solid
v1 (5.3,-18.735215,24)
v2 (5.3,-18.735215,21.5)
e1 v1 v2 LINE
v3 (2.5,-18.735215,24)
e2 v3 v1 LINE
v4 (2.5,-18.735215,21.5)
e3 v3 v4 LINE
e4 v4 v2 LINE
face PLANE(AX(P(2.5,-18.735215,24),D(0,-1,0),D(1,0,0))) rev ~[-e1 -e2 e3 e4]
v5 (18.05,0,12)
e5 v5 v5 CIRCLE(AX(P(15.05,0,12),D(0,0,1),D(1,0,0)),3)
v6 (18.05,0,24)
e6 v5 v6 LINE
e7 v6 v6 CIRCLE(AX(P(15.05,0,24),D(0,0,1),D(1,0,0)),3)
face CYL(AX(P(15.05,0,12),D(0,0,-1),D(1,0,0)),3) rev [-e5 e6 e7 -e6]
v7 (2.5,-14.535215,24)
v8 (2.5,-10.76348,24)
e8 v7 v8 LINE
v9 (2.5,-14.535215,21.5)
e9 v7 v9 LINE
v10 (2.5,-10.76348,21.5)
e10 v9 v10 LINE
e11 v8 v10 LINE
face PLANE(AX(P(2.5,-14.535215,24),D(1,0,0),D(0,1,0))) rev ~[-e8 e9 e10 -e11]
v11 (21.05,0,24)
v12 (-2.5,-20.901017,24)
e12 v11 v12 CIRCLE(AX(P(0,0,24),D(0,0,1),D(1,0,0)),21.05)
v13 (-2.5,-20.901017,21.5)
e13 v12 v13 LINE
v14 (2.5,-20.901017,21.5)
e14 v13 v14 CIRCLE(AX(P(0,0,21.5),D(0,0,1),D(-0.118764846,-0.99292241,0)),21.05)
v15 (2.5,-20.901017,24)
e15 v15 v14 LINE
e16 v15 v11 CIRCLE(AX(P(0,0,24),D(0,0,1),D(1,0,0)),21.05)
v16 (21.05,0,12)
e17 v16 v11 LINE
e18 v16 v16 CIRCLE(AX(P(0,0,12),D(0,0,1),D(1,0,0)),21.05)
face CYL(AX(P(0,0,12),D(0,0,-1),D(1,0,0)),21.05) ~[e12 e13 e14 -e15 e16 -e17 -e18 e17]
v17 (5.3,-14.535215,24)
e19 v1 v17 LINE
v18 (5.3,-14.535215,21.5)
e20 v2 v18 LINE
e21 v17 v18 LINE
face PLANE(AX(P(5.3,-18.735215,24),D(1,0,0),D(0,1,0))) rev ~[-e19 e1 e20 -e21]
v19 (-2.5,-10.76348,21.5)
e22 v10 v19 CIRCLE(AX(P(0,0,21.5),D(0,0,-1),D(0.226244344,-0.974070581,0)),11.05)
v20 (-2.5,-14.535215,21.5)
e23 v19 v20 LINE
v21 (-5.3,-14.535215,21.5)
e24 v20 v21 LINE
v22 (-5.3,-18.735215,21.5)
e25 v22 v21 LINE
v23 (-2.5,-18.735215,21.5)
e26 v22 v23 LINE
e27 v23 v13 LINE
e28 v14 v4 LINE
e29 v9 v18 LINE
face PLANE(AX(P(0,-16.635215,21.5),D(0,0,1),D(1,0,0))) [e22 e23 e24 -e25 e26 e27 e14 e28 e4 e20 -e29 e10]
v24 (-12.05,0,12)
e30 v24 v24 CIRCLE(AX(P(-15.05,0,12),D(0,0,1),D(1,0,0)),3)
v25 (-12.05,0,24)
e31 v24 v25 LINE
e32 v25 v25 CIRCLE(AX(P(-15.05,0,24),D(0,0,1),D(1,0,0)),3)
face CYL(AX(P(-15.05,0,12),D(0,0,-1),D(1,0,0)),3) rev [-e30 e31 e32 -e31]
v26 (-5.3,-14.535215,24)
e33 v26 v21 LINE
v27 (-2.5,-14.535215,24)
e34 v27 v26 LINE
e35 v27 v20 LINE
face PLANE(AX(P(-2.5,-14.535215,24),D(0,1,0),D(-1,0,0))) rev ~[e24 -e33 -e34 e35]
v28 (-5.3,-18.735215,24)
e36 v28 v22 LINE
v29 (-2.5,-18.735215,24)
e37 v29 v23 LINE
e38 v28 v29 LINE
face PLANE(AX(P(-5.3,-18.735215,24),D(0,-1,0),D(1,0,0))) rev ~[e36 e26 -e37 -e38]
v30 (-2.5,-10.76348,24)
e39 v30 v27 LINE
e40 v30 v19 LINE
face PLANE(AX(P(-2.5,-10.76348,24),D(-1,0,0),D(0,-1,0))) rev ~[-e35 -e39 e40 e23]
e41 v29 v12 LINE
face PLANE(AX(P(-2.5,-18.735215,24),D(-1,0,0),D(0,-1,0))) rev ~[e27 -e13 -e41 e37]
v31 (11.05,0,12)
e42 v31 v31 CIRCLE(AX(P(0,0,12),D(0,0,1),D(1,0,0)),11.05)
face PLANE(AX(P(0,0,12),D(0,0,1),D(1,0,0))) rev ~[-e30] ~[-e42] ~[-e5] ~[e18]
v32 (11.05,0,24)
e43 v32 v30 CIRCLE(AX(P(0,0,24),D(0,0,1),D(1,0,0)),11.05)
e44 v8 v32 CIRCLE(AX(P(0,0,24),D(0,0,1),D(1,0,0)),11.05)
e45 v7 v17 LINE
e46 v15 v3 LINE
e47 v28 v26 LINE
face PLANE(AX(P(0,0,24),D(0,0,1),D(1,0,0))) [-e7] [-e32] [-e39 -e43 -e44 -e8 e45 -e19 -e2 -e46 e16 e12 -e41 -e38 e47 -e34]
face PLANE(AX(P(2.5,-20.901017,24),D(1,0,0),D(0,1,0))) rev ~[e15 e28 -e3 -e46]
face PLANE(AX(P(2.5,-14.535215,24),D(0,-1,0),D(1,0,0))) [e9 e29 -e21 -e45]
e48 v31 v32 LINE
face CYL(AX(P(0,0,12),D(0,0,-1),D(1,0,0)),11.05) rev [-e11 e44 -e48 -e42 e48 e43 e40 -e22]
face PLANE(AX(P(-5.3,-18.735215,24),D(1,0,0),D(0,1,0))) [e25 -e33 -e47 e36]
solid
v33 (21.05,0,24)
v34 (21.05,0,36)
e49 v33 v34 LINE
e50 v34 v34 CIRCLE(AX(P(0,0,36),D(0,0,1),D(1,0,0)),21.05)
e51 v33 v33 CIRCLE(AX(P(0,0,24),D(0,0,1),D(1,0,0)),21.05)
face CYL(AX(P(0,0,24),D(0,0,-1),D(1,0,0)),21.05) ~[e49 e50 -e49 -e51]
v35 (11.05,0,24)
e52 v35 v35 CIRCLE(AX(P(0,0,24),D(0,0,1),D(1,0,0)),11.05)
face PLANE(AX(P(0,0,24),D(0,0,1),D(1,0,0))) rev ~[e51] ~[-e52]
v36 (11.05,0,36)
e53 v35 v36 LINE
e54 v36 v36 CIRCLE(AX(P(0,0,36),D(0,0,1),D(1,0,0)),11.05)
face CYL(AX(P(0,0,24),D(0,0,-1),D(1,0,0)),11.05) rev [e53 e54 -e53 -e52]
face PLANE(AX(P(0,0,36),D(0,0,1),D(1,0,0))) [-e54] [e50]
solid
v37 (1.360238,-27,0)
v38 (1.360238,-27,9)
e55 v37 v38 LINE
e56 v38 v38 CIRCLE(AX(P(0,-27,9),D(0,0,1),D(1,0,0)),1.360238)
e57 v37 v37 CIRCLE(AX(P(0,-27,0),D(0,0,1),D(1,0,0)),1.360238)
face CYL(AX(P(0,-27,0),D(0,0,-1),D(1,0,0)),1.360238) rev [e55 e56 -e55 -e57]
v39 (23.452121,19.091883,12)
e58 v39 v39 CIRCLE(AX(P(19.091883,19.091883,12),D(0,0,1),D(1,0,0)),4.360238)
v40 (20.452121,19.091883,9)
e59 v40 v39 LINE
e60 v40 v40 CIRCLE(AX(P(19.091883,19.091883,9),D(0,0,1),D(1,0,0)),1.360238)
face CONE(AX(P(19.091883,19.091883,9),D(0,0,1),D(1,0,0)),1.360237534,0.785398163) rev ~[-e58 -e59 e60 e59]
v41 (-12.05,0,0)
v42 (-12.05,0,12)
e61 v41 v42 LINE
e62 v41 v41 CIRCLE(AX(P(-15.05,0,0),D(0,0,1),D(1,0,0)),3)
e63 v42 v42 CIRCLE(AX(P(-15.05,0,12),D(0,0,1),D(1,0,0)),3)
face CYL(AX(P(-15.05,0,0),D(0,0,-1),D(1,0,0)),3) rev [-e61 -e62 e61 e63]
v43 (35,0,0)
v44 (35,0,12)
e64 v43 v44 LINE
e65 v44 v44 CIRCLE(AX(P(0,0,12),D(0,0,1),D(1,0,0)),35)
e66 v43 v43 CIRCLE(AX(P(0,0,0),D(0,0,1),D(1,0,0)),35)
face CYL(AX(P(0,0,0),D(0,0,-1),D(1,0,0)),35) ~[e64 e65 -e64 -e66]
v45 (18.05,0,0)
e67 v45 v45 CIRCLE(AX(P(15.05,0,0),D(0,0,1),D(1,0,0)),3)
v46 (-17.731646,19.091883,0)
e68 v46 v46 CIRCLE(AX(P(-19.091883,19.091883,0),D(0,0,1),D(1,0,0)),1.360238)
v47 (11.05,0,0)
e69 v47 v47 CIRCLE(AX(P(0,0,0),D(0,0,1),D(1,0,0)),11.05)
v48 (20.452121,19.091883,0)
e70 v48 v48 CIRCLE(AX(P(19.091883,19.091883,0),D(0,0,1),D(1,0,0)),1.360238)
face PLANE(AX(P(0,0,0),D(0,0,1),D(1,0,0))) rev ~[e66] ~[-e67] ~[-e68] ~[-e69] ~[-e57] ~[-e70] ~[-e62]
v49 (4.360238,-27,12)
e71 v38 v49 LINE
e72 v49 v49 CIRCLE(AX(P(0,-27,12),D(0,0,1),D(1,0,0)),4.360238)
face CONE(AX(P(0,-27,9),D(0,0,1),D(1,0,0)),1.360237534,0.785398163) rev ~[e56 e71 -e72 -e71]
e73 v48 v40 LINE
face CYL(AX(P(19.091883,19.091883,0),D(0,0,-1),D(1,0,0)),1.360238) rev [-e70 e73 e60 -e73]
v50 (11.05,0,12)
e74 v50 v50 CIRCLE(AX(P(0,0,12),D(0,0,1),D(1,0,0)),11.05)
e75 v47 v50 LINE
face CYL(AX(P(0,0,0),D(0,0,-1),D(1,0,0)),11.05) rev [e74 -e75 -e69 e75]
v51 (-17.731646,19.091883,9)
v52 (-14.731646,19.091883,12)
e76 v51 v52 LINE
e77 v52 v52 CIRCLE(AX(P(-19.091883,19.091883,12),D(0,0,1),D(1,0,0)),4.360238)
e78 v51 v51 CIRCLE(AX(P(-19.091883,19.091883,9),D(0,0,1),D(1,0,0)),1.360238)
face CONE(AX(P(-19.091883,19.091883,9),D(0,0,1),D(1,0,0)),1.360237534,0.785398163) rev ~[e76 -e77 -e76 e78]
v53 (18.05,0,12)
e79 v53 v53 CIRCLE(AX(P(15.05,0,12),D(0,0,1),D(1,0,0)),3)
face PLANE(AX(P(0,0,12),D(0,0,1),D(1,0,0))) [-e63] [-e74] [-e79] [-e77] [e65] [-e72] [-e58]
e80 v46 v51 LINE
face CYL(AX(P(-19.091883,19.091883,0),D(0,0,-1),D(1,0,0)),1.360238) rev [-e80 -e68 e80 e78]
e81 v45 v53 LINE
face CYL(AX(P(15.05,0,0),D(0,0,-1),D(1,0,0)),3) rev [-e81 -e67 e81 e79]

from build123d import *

# Parameters (mm, degrees)
F0_R     = 35
F0_R_2   = 1.3602375339
F0_R_3   = 3
F0_R_4   = 11.05
F1_DEPTH = 12
F2_R     = 21.05
F2_R_2   = 3
F2_R_3   = 11.05
F3_DEPTH = 12
F4_W     = 5
F4_H     = 4.2
F4_W_2   = 2.8
F5_DEPTH = 2.5
F6_R     = 21.05
F6_R_2   = 11.05
F7_DEPTH = 12
F8_SIZE  = 3


with BuildPart() as f1:
    # F0 (on Top) → F1 (new body)
    with BuildSketch(Plane.XY):
        Circle(F0_R)
        with Locations((0, -27)):
            Circle(F0_R_2, mode=Mode.SUBTRACT)
        with Locations((-15.05, 0)):
            Circle(F0_R_3, mode=Mode.SUBTRACT)
        with Locations((-19.091883092, 19.091883092)):
            Circle(F0_R_2, mode=Mode.SUBTRACT)
        Circle(F0_R_4, mode=Mode.SUBTRACT)
        with Locations((15.05, 0)):
            Circle(F0_R_3, mode=Mode.SUBTRACT)
        with Locations((19.091883092, 19.091883092)):
            Circle(F0_R_2, mode=Mode.SUBTRACT)
    extrude(amount=F1_DEPTH)

    # F8
    f8_edges = [f1.edges().sort_by_distance(p)[0] for p in [
        (-20.452121, 19.091883, 12),
        (-1.360238, -27, 12),
        (17.731646, 19.091883, 12),
    ]]
    chamfer(f8_edges, length=F8_SIZE)


with BuildPart() as f3:
    # F2 (on face) → F3 (new body)
    with BuildSketch(Plane.XY.offset(12)):
        Circle(F2_R)
        with Locations((-15.05, 0)):
            Circle(F2_R_2, mode=Mode.SUBTRACT)
        Circle(F2_R_3, mode=Mode.SUBTRACT)
        with Locations((15.05, 0)):
            Circle(F2_R_2, mode=Mode.SUBTRACT)
    extrude(amount=F3_DEPTH)

    # F4 (on face) → F5 (cut)
    with BuildSketch(Plane.XY.offset(24)):
        with Locations((0, -16.6352150679)):
            Rectangle(F4_W, F4_H)
        with Locations((-3.9, -16.6352150679)):
            Rectangle(F4_W_2, F4_H)
        with BuildLine():
            ThreePointArc((2.5, -10.7634799205), (0, -11.05), (-2.5, -10.7634799205))
            Line((-2.5, -10.7634799205), (-2.5, -14.5352150679))
            Line((-2.5, -14.5352150679), (2.5, -14.5352150679))
            Line((2.5, -14.5352150679), (2.5, -10.7634799205))
        make_face()
        with Locations((3.9, -16.6352150679)):
            Rectangle(F4_W_2, F4_H)
        with BuildLine():
            Line((2.5, -18.7352150679), (-2.5, -18.7352150679))
            Line((-2.5, -18.7352150679), (-2.5, -20.9010167217))
            ThreePointArc((-2.5, -20.9010167217), (0, -21.05), (2.5, -20.9010167217))
            Line((2.5, -20.9010167217), (2.5, -18.7352150679))
        make_face()
    extrude(amount=-F5_DEPTH, mode=Mode.SUBTRACT)


with BuildPart() as f7:
    # F6 (on face) → F7 (new body)
    with BuildSketch(Plane.XY.offset(24)):
        Circle(F6_R)
        Circle(F6_R_2, mode=Mode.SUBTRACT)
    extrude(amount=F7_DEPTH)


solid = Compound([f1.part, f3.part, f7.part])
